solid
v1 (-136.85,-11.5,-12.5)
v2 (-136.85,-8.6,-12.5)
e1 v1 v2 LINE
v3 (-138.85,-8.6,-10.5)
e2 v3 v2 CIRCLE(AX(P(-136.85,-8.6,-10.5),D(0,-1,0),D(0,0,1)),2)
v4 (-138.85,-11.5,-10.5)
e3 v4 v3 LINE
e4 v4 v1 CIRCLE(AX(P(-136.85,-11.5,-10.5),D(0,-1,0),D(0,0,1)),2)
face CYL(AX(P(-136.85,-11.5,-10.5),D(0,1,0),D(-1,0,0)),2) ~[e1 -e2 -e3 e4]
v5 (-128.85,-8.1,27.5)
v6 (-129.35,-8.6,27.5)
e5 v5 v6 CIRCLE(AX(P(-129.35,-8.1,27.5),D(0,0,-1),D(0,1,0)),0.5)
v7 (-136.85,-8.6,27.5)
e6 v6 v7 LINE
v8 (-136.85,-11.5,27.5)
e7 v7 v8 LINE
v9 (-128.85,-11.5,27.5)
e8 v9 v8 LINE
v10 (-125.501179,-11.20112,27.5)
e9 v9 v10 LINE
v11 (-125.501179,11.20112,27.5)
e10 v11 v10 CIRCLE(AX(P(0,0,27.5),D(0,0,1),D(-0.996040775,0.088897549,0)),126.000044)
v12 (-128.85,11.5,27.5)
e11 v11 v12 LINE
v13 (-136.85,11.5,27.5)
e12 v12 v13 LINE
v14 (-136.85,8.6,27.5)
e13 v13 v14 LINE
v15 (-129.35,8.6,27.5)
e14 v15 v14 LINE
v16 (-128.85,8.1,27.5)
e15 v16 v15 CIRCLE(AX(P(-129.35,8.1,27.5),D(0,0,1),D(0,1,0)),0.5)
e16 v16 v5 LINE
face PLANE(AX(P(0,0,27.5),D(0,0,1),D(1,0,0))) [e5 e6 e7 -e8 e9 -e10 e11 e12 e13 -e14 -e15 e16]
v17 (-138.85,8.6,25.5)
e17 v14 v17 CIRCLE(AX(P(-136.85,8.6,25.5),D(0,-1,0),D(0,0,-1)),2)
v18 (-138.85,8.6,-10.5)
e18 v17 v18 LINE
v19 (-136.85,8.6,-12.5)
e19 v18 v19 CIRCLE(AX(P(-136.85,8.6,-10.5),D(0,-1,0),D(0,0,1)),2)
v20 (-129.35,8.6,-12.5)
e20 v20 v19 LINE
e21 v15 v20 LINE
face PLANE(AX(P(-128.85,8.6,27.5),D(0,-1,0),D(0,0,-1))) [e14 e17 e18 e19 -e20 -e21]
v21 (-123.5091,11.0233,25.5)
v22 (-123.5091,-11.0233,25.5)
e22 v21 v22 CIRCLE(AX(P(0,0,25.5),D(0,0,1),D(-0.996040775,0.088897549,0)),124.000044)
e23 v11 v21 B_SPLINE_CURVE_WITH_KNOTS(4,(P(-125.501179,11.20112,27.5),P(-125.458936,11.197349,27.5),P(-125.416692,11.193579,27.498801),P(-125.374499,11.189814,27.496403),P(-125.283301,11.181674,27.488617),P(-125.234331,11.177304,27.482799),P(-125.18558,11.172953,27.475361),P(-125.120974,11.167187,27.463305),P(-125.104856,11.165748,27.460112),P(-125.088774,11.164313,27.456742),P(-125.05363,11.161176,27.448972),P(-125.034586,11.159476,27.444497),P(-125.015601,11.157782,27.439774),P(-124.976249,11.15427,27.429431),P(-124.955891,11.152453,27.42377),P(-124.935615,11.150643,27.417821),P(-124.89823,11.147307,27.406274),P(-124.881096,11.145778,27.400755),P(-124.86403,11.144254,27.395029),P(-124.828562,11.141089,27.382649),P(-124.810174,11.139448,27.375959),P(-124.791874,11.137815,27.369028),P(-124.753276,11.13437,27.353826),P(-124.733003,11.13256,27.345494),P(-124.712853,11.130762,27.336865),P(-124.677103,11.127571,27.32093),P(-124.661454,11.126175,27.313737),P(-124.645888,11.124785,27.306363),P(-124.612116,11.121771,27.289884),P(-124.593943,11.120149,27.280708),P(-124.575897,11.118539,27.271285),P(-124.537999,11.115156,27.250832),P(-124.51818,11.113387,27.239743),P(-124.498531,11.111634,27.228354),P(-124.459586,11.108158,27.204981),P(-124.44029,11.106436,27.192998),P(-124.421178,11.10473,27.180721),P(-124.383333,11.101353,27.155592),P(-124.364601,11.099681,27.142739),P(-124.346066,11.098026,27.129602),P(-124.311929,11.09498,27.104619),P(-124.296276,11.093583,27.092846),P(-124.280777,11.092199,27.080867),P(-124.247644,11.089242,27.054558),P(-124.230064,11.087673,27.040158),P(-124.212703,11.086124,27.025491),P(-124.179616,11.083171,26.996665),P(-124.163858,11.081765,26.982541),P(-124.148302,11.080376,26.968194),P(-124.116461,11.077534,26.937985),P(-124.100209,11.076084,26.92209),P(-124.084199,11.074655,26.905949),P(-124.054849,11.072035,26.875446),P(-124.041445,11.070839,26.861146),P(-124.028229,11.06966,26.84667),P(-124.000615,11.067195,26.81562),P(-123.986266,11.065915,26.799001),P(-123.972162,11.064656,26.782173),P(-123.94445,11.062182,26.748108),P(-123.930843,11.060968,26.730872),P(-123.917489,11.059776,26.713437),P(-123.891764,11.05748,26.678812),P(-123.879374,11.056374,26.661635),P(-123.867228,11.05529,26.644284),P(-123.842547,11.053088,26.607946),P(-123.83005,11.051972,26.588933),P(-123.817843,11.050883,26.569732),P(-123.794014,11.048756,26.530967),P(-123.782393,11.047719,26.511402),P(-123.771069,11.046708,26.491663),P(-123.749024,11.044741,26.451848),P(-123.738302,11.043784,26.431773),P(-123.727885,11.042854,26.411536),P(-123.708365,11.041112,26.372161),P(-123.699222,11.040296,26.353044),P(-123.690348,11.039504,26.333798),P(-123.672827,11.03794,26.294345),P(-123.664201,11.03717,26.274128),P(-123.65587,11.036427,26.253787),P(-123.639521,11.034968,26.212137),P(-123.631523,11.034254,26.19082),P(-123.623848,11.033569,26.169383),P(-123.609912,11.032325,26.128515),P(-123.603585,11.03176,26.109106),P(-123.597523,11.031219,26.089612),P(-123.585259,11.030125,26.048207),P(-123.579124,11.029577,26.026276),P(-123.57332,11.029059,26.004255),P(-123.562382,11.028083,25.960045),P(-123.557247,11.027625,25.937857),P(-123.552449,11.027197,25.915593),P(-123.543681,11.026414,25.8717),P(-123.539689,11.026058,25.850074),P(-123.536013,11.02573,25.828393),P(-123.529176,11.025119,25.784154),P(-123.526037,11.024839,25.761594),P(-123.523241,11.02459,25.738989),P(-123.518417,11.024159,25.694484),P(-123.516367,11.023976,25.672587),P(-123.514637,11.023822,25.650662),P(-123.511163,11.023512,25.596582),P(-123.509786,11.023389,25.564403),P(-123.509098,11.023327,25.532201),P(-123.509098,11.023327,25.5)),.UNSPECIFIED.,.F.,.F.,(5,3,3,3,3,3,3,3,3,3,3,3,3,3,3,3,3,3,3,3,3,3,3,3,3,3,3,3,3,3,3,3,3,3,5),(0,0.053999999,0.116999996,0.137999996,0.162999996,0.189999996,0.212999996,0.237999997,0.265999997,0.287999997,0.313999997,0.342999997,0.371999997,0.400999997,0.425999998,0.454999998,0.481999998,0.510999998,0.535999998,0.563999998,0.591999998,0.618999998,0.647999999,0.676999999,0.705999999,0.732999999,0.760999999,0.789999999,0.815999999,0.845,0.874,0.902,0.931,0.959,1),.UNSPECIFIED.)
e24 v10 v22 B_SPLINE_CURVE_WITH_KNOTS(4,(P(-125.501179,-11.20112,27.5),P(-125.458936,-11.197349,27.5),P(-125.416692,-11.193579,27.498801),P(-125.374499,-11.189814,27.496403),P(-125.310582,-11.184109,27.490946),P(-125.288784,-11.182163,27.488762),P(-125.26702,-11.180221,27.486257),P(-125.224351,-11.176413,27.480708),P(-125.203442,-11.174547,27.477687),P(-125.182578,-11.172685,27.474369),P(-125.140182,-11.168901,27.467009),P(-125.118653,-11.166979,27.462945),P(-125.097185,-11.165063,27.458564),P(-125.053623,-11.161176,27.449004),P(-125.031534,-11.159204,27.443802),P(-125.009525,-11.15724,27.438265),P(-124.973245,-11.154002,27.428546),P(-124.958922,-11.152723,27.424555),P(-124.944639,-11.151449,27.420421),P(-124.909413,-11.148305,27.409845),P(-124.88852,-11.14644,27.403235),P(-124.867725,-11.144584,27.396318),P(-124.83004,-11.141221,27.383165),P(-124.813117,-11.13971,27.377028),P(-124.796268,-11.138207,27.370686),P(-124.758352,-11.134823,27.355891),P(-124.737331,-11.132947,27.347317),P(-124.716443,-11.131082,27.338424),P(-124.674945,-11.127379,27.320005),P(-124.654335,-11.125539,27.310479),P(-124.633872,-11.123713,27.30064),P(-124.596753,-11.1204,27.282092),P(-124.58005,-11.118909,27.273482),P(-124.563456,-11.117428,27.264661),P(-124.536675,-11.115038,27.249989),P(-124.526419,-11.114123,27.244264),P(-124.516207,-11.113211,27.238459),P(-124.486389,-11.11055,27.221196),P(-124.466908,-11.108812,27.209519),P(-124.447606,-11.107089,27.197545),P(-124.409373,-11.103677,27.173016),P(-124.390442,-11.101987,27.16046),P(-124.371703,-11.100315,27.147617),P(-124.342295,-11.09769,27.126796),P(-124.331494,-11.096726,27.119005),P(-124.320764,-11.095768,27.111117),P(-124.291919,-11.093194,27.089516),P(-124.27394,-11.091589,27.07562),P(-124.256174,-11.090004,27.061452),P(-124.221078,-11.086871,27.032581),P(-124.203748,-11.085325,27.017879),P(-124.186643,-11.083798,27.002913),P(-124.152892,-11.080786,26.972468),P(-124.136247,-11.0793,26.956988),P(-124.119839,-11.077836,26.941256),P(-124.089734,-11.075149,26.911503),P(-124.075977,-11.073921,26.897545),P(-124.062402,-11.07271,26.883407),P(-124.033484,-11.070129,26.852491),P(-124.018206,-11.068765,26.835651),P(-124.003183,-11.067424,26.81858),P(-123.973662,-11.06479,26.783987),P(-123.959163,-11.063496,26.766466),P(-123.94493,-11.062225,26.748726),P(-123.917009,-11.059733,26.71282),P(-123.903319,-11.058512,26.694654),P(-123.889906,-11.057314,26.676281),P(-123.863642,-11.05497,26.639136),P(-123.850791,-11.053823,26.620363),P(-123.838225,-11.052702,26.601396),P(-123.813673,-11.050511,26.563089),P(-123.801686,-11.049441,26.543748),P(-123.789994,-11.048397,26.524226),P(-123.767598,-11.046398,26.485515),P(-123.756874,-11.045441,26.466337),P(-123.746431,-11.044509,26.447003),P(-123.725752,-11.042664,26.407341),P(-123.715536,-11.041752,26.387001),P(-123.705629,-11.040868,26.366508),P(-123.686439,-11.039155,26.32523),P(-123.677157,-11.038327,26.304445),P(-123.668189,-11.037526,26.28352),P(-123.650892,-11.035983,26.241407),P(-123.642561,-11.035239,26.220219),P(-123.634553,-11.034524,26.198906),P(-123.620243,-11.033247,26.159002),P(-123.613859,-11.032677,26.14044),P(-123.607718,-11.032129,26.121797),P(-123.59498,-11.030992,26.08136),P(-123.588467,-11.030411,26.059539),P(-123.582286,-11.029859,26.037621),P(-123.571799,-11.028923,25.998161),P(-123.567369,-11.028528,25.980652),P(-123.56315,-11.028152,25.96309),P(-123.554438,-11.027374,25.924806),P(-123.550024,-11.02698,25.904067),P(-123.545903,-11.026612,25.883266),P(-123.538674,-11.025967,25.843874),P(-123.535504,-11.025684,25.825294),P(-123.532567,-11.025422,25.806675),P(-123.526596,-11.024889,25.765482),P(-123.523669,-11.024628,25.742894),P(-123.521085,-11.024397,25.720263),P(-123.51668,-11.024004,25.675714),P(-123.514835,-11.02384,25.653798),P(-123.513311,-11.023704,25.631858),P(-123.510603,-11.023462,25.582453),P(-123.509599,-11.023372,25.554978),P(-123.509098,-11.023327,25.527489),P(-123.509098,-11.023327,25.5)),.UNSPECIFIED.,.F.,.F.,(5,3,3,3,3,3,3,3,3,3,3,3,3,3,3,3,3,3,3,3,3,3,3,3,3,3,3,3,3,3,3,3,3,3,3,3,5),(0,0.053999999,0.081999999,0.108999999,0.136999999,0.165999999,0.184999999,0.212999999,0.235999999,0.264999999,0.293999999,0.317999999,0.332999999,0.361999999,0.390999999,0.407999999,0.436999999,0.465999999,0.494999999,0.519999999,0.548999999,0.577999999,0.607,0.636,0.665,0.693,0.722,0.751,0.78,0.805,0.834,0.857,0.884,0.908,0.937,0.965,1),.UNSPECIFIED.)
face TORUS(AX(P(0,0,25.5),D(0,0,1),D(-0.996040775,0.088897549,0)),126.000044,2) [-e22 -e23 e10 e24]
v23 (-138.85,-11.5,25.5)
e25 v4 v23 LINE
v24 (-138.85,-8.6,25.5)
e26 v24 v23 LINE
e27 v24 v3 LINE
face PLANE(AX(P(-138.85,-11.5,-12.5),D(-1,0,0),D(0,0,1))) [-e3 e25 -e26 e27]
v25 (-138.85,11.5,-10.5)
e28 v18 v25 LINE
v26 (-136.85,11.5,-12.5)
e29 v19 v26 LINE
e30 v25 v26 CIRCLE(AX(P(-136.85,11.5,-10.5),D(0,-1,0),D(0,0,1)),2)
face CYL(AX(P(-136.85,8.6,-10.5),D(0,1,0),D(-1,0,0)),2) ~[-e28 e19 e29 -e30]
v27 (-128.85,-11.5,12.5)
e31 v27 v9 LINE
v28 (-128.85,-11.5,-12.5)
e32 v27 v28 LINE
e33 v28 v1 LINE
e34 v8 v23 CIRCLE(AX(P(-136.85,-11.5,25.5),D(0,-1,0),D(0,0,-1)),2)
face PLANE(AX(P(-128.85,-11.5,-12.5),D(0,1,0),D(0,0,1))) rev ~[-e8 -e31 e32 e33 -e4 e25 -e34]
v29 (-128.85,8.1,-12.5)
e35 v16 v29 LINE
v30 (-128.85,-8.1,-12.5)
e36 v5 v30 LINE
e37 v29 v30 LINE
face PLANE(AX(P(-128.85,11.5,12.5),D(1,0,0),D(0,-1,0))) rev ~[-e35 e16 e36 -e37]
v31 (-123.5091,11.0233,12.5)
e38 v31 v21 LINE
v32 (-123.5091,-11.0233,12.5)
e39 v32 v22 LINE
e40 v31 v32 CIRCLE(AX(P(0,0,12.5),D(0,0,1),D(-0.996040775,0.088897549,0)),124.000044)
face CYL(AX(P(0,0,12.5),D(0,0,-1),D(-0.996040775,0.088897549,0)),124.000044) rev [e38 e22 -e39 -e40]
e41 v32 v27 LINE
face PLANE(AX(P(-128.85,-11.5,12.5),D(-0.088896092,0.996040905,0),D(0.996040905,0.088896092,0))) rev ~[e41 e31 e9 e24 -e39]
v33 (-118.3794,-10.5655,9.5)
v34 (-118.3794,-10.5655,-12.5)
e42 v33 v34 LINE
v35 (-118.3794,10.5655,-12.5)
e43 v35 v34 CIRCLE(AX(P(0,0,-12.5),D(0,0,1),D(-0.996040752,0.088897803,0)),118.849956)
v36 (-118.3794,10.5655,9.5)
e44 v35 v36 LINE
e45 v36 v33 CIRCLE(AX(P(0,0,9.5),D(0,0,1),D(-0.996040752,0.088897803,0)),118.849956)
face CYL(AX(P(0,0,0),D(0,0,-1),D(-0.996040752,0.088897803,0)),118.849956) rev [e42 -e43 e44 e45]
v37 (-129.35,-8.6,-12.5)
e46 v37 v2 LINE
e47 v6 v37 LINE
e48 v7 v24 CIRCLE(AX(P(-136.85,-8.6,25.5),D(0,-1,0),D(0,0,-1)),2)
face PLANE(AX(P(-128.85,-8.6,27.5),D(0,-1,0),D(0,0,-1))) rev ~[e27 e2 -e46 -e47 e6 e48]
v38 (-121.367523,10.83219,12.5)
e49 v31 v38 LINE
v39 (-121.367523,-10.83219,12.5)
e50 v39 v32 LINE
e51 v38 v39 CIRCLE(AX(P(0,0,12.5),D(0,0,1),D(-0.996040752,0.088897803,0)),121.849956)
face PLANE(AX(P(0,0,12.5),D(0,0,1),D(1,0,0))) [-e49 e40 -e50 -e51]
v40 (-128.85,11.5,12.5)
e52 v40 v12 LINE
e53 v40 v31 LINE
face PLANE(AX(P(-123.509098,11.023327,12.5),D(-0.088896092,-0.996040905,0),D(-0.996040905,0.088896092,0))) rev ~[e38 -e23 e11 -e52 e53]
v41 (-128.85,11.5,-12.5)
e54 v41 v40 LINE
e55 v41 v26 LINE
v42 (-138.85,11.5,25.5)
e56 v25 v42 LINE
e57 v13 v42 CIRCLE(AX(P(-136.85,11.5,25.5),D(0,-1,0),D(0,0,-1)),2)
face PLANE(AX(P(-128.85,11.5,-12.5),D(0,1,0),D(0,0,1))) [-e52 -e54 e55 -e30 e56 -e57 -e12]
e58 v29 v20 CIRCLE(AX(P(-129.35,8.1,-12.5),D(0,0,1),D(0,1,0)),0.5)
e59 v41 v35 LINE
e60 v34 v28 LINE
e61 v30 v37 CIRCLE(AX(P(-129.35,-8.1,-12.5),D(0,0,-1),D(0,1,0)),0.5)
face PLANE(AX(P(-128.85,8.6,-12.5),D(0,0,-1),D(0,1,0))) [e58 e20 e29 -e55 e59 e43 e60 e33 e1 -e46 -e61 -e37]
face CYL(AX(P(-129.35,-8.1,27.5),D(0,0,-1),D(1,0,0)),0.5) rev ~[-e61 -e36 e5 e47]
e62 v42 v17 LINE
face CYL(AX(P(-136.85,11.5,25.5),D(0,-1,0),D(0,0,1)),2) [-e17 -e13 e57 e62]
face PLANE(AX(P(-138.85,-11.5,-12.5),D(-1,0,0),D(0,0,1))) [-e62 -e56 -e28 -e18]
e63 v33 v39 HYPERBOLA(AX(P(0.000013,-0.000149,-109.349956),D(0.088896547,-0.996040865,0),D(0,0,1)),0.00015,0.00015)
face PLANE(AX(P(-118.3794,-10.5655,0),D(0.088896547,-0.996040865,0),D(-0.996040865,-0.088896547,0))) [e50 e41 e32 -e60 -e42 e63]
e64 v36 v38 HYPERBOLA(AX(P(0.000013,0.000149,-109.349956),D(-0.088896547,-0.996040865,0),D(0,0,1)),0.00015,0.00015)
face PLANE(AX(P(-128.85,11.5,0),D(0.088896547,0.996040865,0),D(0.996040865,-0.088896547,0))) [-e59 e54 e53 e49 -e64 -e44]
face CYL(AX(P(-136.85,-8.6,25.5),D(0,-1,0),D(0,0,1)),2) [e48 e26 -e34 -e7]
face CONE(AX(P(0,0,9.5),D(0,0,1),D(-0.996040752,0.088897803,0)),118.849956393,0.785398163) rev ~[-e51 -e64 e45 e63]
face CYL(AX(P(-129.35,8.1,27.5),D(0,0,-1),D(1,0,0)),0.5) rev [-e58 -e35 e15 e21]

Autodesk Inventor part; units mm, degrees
ref_plane "YZ Plane" through (0, 0, 0) normal (1, 0, 0) x (0, 1, 0)
ref_plane "XZ Plane" through (0, 0, 0) normal (0, 1, 0) x (-1, 0, 0)
ref_plane "XY Plane" through (0, 0, 0) normal (0, 0, 1) x (1, 0, 0)
sketch "Sketch1" plane through (0, 0, 0) normal (0, 0, 1) x (1, 0, 0)
  arc A0 (-118.3794, 10.5655) -> (-118.3794, -10.5655) centre (0, 0) ccw
  line L0 (0, 0) -> (-118.85, 0) construction
  line L1 (0, 0) -> (-118.3794, -10.5655) construction
  line L2 (-118.3794, -10.5655) -> (-118.3794, 0) construction
  line L3 (-128.85, 11.5) -> (-118.3794, 10.5655)
  line L4 (-118.3794, 0) -> (-118.3794, 10.5655) construction
  arc A1 (-128.85, 11.5) -> (-128.85, -11.5) centre (0, 0) ccw construction
  line L5 (-118.3794, 10.5655) -> (0, 0) construction
  line L6 (-118.3794, -10.5655) -> (-128.85, -11.5)
  arc A2 (-118.3794, -10.5655) -> (-118.3794, 10.5655) centre (0, 0) ccw construction
  arc A3 (-128.85, -11.5) -> (-128.85, 11.5) centre (0, 0) ccw construction
  line L7 (-128.85, 11.5) -> (-128.85, -11.5)
  dimension "d0" = 237.7
  dimension "d33" = 23
  dimension "d34" = 128.85
  dimension "d37" = 10
extrude "Extrusion1" add sketch "Sketch1" along normal mid plane 25
chamfer "Chamfer1" distance 3 angle 45 1 edges at (-118.85, 0, 12.5)
sketch "Sketch4" plane through (0, 0, 0) normal (0, 0, 1) x (1, 0, 0)
  line L0 (0, 0) -> (-126.7631, 7.7532) construction
  line L1 (0, 0) -> (-127, 0) construction
  line L2 (0, 0) -> (-126.7631, -7.7532) construction
  arc A0 (-128.85, 11.5) -> (-128.85, -11.5) centre (0, 0) ccw projected
  arc A1 (-121.3676, 10.8322) -> (-121.3676, -10.8322) centre (0, 0) ccw projected
  line L3 (-121.3676, 10.8322) -> (-128.85, 11.5) projected
  line L4 (-128.85, -11.5) -> (-121.3676, -10.8322) projected
  circle A2 centre (0, 0) radius 127 construction
  line L5 (-128.85, 11.5) -> (-128.85, -11.5) projected
  dimension "d25" = 3.5
  dimension "d26" = 3.5
sketch "Sketch7" plane through (0, 0, 12.5) normal (0, 0, 1) x (1, 0, 0)
  arc A0 (-121.3676, 10.8322) -> (-121.3676, -10.8322) centre (0, 0) ccw projected
  line L0 (-121.3676, 10.8322) -> (-128.85, 11.5) projected
  line L1 (-128.85, 11.5) -> (-128.85, -11.5) projected
  line L2 (-128.85, -11.5) -> (-121.3676, -10.8322) projected
  arc A1 (-123.5091, 11.0233) -> (-123.5091, -11.0233) centre (0, 0) ccw
  arc A2 (-123.5091, -11.0233) -> (-123.5091, 11.0233) centre (0, 0) ccw construction
  line L3 (-128.85, 11.5) -> (-123.5091, 11.0233)
  line L4 (-128.85, -11.5) -> (-123.5091, -11.0233)
  line L5 (-128.85, 11.4972) -> (-128.85, -11.5)
  dimension "d44" = 248
extrude "Extrusion8" add sketch "Sketch7" along normal blind 15 contours A1 L2 L1 L0
sketch "Sketch8" plane through (-128.85, -11.5, -12.5) normal (-1, 0, 0) x (0, 0, 1)
  line L0 (0, 0) -> (0, 23) projected
  line L1 (40, 23) -> (40, 0) projected
  line L2 (0, 23) -> (40, 23)
  line L3 (40, 23) -> (40, 20.1)
  line L4 (40, 20.1) -> (0, 20.1)
  line L5 (0, 20.1) -> (0, 23)
  line L6 (0, 0) -> (40, 0)
  line L7 (40, 0) -> (40, 2.9)
  line L8 (40, 2.9) -> (0, 2.9)
  line L9 (0, 2.9) -> (0, 0)
  dimension "d48" = 2.9
  dimension "d49" = 2.9
extrude "Extrusion7" add sketch "Sketch8" along normal blind 10 contours L0 L8 L1 L6 | L0 L2 L1 L4
fillet "Fillet3" radius 0.5 2 edges at (-128.85, 8.6, 7.5) (-128.85, -8.6, 7.5)
fillet "Fillet4" radius 2 5 edges at (-138.85, 10.05, 27.5) (-138.85, -10.05, 27.5) (-138.85, 10.05, -12.5) (-138.85, -10.05, -12.5) (-124, 0, 27.5)
equation "\"d26\" = d25"
equation "\"d44\" = diametro_max_soporte"
equation "\"d49\" = d48"
equation "\"angulo_alabe\" = 130deg"
equation "\"diametro_tubo\" = 232"
equation "\"desfase_a_pin_superior\" = 12"
equation "\"desfase_b_pin_inferior\" = 8"
equation "\"desfase_b_pin_superior\" = 0"
equation "\"diametro_max_soporte\" = 248"
properties part number "accesorios separador 1"
